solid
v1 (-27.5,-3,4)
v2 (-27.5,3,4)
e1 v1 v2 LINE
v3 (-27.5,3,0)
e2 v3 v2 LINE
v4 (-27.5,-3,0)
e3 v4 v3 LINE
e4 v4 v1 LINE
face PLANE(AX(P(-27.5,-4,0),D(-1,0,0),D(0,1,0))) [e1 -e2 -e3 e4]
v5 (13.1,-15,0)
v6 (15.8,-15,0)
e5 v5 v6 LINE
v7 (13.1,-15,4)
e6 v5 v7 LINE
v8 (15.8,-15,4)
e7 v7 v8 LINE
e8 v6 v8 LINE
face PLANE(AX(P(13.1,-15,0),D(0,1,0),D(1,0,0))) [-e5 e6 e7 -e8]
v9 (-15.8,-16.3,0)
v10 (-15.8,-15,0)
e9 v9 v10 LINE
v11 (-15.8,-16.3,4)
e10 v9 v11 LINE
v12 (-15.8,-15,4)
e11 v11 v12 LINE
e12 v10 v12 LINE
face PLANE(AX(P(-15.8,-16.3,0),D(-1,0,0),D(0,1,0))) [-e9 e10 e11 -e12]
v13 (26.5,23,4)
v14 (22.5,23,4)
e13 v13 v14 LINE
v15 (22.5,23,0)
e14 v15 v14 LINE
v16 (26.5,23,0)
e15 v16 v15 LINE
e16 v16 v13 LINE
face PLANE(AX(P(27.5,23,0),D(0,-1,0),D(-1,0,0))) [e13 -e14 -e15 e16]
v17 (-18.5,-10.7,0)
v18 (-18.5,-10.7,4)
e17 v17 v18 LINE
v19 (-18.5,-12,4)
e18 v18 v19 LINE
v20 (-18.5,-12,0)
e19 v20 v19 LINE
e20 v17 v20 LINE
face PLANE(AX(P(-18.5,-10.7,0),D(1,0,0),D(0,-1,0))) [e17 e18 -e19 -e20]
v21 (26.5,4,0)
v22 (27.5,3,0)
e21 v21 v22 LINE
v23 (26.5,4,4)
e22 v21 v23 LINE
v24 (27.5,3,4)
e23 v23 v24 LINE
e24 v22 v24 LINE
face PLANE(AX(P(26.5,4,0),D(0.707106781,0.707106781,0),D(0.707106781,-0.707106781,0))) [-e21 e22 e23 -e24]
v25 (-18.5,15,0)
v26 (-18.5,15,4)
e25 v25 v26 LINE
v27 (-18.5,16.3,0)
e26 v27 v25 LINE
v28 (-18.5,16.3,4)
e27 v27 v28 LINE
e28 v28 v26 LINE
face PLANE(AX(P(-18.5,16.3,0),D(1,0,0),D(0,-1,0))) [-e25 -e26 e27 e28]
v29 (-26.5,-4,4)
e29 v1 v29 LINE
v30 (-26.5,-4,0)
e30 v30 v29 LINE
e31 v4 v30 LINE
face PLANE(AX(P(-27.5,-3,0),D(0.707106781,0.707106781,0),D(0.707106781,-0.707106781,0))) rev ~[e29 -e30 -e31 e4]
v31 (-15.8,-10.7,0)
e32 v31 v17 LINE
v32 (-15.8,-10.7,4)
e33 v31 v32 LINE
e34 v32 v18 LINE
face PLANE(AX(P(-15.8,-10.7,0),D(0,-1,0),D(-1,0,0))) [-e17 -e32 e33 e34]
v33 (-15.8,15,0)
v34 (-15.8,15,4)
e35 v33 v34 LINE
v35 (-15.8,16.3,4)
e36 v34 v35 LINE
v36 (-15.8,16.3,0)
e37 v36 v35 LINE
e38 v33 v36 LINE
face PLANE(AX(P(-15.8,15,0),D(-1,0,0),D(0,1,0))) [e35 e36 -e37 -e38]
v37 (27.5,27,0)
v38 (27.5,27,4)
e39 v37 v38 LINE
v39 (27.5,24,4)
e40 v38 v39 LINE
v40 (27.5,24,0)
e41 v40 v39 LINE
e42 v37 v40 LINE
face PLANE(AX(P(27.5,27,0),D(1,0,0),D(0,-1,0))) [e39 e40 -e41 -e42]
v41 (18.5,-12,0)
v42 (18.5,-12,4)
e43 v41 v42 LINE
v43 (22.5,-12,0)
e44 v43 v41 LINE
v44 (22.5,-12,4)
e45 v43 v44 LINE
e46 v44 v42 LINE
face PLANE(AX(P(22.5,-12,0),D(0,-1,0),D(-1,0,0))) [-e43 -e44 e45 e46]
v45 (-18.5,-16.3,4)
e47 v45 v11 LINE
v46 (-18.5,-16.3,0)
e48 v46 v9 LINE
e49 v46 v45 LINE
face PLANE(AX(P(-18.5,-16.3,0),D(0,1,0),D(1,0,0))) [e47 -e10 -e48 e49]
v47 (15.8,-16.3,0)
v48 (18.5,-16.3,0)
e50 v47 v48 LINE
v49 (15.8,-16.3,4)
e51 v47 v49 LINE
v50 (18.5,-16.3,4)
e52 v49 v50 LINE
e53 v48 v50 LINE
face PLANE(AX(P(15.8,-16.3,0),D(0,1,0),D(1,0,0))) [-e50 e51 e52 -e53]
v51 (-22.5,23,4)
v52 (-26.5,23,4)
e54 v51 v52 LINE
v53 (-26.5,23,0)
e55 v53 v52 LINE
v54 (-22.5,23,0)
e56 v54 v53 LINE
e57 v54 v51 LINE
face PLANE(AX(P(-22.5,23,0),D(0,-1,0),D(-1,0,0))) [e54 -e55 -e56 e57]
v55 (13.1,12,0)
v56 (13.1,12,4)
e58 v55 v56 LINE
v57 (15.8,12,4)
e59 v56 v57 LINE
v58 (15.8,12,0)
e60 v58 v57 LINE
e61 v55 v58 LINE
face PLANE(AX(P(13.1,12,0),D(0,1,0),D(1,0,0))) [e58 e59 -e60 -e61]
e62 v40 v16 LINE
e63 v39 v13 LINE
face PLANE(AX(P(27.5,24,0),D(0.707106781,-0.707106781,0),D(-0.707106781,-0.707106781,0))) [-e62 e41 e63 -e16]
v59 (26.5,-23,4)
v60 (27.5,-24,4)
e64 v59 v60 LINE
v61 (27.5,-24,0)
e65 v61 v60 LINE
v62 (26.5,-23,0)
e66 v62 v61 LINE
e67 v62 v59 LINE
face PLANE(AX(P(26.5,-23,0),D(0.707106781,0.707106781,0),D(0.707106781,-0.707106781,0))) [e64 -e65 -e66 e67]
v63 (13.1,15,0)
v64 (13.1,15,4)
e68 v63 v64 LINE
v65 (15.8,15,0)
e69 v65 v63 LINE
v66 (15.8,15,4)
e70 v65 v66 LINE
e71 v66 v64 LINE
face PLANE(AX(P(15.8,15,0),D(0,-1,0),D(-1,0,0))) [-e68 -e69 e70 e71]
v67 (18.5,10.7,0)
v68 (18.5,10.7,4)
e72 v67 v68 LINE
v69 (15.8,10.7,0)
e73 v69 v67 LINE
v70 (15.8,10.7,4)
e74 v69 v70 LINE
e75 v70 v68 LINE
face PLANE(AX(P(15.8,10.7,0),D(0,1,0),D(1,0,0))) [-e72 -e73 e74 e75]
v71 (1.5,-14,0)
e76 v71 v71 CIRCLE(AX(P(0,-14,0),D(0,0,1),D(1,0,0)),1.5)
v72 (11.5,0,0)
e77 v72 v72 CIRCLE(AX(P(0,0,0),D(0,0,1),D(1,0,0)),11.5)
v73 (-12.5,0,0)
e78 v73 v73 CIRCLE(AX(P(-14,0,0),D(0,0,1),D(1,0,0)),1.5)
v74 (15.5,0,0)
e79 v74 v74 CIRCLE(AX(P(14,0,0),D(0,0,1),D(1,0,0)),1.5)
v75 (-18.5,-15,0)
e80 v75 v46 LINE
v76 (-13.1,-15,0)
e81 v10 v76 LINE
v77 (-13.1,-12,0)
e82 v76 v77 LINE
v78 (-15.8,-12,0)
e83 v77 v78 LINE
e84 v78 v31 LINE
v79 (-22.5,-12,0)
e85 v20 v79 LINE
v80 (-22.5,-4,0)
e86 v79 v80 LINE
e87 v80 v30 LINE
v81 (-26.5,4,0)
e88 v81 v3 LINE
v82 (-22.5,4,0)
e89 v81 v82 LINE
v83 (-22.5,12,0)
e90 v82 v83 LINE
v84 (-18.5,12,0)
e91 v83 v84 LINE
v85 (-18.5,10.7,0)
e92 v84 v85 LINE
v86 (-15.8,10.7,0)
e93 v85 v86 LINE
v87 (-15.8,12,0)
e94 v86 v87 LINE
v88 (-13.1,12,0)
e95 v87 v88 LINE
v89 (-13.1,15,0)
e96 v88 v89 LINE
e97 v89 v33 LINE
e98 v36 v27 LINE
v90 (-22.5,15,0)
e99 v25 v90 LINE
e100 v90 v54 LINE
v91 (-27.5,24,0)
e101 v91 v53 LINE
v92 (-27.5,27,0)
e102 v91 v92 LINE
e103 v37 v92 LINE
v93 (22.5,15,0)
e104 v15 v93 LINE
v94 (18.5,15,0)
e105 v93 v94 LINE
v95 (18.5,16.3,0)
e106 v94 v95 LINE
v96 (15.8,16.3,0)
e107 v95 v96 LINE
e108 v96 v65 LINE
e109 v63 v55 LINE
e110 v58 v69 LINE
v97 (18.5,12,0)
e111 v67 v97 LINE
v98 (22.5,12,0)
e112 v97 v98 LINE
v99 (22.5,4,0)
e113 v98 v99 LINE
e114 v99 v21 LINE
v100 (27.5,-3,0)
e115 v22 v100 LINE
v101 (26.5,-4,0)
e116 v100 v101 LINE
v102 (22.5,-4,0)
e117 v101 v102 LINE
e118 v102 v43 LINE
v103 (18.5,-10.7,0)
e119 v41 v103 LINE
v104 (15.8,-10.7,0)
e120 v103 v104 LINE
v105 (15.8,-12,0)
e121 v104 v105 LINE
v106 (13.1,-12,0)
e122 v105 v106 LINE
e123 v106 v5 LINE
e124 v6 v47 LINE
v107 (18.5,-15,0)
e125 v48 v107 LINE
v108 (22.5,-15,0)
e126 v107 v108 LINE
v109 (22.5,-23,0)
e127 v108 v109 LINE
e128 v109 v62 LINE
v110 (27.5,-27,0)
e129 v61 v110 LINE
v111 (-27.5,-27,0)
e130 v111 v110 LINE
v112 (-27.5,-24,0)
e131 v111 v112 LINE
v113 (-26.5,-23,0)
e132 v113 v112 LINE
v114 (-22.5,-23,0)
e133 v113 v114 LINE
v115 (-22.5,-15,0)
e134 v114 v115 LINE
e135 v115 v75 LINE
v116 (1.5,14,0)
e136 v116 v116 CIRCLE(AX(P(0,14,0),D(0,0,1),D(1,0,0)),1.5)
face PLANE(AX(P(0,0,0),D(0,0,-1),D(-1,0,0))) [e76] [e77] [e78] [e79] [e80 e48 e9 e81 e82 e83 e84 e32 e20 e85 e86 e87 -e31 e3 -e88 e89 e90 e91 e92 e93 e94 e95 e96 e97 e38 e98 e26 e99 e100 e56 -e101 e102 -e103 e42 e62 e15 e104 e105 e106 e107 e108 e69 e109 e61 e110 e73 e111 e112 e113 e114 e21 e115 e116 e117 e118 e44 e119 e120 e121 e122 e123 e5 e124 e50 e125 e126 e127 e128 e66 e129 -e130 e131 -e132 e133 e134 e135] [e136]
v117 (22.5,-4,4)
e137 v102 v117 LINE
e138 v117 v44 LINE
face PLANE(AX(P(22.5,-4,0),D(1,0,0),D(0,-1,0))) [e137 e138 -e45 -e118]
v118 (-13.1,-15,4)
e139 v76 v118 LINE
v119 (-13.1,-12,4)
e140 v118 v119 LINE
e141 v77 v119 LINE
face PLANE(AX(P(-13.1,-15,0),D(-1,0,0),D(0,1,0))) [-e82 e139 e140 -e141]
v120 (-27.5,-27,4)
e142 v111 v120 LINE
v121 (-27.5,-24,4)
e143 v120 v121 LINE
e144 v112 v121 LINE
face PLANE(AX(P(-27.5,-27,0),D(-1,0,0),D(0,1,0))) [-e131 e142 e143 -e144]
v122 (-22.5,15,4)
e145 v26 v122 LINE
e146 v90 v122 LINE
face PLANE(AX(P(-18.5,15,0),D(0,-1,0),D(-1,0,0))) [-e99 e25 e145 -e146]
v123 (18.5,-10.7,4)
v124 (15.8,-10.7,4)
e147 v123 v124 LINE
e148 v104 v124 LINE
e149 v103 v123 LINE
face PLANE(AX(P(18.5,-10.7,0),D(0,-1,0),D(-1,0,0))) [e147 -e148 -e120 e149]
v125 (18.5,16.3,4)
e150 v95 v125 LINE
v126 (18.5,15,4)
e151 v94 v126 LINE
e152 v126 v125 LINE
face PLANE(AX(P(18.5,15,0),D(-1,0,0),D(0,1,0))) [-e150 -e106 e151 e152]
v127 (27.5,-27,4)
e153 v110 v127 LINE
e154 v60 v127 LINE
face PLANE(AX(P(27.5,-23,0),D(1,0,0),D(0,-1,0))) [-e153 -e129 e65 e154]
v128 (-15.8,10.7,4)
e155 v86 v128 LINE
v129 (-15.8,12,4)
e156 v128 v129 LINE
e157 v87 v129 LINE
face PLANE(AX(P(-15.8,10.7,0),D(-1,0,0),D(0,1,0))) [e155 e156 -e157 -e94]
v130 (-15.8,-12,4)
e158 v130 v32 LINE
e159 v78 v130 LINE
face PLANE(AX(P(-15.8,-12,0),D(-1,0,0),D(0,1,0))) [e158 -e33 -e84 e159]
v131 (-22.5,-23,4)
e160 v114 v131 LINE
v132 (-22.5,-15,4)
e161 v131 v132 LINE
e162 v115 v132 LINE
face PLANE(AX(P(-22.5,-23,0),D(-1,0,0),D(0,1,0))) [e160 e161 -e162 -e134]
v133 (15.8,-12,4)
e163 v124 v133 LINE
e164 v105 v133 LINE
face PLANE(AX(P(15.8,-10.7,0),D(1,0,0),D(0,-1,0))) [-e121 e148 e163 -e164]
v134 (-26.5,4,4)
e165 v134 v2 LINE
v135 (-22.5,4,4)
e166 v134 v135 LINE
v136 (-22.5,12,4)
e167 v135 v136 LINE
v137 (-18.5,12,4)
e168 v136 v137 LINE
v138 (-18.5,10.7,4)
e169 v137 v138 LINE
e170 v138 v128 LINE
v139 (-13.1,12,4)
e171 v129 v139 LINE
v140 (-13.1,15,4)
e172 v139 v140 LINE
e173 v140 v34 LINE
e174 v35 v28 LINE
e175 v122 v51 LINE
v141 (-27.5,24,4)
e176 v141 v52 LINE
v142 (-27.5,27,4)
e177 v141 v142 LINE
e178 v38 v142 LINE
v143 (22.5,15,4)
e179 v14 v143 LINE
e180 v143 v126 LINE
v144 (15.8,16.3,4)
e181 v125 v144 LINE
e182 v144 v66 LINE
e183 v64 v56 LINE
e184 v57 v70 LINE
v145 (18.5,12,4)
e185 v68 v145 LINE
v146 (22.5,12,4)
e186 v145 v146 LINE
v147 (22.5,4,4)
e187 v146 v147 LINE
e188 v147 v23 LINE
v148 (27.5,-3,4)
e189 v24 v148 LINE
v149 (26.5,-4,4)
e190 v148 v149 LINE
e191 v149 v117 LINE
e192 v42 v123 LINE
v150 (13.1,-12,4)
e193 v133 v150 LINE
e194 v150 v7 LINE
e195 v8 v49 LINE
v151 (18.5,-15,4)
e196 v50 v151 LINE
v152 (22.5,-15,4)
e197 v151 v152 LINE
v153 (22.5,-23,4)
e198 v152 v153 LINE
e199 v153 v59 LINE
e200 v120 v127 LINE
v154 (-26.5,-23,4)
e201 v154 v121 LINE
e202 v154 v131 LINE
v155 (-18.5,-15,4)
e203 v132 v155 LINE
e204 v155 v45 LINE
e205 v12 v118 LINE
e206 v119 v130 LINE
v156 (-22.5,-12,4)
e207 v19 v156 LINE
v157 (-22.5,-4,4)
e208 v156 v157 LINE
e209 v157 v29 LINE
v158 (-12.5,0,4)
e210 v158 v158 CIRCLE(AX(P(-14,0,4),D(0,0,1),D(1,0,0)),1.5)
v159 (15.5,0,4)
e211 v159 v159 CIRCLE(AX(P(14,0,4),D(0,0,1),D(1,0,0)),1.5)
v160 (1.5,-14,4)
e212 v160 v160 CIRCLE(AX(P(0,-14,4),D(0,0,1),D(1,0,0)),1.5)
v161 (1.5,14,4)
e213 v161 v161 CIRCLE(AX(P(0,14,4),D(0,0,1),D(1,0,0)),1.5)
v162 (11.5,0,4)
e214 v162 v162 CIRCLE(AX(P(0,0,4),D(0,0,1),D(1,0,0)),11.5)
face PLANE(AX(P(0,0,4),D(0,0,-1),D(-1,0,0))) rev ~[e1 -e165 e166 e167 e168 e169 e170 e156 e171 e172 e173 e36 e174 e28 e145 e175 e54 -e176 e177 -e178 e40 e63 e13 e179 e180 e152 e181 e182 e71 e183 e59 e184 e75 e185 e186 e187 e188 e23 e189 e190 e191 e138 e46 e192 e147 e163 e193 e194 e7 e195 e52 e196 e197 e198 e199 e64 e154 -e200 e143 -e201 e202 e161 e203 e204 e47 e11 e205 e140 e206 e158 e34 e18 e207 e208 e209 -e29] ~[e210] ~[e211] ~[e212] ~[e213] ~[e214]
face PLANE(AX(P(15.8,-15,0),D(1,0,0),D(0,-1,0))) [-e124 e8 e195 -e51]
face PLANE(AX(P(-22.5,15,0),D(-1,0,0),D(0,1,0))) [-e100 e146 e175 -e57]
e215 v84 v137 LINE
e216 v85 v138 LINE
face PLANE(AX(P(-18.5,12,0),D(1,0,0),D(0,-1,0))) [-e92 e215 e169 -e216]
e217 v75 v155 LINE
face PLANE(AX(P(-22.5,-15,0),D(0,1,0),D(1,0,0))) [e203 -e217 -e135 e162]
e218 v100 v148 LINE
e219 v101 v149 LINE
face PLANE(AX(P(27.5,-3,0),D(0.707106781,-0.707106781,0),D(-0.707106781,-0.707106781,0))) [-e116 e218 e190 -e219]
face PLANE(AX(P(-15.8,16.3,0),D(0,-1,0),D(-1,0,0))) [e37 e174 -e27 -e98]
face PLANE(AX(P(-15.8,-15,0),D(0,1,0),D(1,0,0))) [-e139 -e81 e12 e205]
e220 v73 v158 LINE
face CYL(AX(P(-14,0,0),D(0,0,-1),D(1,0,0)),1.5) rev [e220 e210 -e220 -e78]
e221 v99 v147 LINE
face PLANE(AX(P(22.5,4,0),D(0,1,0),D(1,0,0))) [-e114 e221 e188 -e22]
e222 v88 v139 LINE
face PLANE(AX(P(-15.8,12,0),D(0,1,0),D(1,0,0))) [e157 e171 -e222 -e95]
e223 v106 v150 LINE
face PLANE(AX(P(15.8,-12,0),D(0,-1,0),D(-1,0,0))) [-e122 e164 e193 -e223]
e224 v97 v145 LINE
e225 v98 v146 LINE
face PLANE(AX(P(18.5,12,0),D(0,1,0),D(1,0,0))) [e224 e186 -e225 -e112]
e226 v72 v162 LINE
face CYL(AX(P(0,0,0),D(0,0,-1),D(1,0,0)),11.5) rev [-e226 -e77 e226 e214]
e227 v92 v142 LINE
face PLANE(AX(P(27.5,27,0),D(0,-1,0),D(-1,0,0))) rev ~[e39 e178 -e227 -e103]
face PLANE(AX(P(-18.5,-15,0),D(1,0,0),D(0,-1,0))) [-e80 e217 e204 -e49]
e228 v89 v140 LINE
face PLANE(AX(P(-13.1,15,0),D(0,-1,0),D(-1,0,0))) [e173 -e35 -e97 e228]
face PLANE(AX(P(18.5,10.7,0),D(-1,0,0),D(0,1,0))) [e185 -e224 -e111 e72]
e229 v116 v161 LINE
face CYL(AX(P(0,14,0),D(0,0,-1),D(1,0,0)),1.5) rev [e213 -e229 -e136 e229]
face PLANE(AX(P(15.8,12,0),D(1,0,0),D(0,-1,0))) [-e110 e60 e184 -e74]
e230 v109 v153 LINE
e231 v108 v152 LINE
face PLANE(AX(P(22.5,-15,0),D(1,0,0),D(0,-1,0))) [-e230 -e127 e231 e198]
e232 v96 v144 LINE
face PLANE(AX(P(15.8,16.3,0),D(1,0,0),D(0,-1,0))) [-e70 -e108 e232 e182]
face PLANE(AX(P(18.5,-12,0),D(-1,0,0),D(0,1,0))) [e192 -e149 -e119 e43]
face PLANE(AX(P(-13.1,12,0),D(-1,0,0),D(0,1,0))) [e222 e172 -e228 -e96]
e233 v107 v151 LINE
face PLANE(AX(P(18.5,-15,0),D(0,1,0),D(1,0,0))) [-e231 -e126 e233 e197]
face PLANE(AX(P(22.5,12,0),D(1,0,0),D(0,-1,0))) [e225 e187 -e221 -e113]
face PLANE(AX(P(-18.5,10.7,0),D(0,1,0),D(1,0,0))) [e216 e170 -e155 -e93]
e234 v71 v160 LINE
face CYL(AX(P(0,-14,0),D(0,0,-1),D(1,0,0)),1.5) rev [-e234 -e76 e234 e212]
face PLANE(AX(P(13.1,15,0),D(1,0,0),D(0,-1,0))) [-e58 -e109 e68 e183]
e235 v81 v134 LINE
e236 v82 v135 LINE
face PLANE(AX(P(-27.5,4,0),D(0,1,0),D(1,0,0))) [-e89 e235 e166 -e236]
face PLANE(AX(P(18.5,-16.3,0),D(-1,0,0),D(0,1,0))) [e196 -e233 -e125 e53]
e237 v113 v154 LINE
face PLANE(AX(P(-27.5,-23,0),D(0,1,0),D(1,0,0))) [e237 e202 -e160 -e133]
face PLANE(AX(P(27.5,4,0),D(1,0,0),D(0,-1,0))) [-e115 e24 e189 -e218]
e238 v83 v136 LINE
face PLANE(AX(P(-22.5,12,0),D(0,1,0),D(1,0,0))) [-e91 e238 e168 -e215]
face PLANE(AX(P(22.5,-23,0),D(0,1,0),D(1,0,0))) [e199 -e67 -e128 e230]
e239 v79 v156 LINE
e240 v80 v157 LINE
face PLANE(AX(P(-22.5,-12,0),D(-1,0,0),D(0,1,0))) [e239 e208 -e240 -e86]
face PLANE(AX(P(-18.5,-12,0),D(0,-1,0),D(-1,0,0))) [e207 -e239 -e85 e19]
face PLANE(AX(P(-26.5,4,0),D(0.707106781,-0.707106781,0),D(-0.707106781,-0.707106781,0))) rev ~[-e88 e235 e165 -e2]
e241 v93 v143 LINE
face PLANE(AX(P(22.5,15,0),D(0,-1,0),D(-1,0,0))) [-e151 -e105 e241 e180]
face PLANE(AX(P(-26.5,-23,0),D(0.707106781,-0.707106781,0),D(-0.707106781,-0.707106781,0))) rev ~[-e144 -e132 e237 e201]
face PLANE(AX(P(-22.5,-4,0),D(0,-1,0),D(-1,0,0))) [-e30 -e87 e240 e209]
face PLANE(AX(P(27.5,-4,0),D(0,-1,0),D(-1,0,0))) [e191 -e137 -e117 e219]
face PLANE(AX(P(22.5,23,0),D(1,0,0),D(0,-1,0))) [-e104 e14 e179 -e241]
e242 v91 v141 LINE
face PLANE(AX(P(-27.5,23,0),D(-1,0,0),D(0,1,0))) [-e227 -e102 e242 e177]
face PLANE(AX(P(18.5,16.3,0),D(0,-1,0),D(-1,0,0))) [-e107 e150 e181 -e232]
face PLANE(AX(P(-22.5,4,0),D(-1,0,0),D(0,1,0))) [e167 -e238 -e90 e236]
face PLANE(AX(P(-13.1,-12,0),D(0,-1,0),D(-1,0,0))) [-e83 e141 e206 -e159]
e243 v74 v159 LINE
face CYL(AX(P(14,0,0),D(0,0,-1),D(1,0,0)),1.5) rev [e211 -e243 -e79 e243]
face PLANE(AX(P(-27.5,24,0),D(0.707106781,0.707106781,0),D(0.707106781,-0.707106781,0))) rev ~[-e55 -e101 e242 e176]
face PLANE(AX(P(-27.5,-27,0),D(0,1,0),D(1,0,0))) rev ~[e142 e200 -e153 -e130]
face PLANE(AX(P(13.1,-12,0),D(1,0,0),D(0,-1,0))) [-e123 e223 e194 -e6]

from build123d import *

# Parameters (mm, degrees)
SKETCH_1_R          = 1.5
SKETCH_1_R_2        = 11.5
EXTRUDE_1_DEPTH     = 4
CUT_EXTRUDE_1_DEPTH = 4


with BuildPart() as part:
    # 草图1 → 凸台-拉伸1 (new body)
    with BuildSketch(Plane.XY):
        Polygon((22.5, -27), (-22.5, -27), (-27.5, -27), (-27.5, -23), (-22.5, -23), (-22.5, -15), (-18.5, -15), (-18.5, -16.3), (-15.8, -16.3), (-15.8, -15), (-13.1, -15), (-13.1, -12), (-15.8, -12), (-15.8, -10.7), (-18.5, -10.7), (-18.5, -12), (-22.5, -12), (-22.5, -4), (-27.5, -4), (-27.5, 4), (-22.5, 4), (-22.5, 12), (-18.5, 12), (-18.5, 10.7), (-15.8, 10.7), (-15.8, 12), (-13.1, 12), (-13.1, 15), (-15.8, 15), (-15.8, 16.3), (-18.5, 16.3), (-18.5, 15), (-22.5, 15), (-22.5, 23), (-27.5, 23), (-27.5, 27), (-22.5, 27), (22.5, 27), (27.5, 27), (27.5, 23), (22.5, 23), (22.5, 15), (18.5, 15), (18.5, 16.3), (15.8, 16.3), (15.8, 15), (13.1, 15), (13.1, 12), (15.8, 12), (15.8, 10.7), (18.5, 10.7), (18.5, 12), (22.5, 12), (22.5, 4), (27.5, 4), (27.5, -4), (22.5, -4), (22.5, -12), (18.5, -12), (18.5, -10.7), (15.8, -10.7), (15.8, -12), (13.1, -12), (13.1, -15), (15.8, -15), (15.8, -16.3), (18.5, -16.3), (18.5, -15), (22.5, -15), (22.5, -23), (27.5, -23), (27.5, -27), align=None)
        with Locations((14, 0)):
            Circle(SKETCH_1_R, mode=Mode.SUBTRACT)
        Circle(SKETCH_1_R_2, mode=Mode.SUBTRACT)
        with Locations((0, -14)):
            Circle(SKETCH_1_R, mode=Mode.SUBTRACT)
        with Locations((-14, 0)):
            Circle(SKETCH_1_R, mode=Mode.SUBTRACT)
        with Locations((0, 14)):
            Circle(SKETCH_1_R, mode=Mode.SUBTRACT)
    extrude(amount=EXTRUDE_1_DEPTH)

    # 草图4 → 切除-拉伸1 (cut)
    with BuildSketch(Plane(origin=(0, 0, 0), x_dir=(-1, 0, 0), z_dir=(0, 0, -1))):
        Polygon((-26.5, 4), (-27.5, 3), (-27.5, 4), align=None)
        Polygon((-27.5, -3), (-26.5, -4), (-27.5, -4), align=None)
        Polygon((-27.5, -23), (-26.5, -23), (-27.5, -24), align=None)
        Polygon((-27.5, 24), (-26.5, 23), (-27.5, 23), align=None)
        Polygon((27.5, 23), (27.5, 24), (26.5, 23), align=None)
        Polygon((27.5, -24), (27.5, -23), (26.5, -23), align=None)
        Polygon((27.5, -4), (27.5, -3), (26.5, -4), align=None)
        Polygon((27.5, 4), (26.5, 4), (27.5, 3), align=None)
    extrude(amount=-CUT_EXTRUDE_1_DEPTH, mode=Mode.SUBTRACT)


solid = part.part
